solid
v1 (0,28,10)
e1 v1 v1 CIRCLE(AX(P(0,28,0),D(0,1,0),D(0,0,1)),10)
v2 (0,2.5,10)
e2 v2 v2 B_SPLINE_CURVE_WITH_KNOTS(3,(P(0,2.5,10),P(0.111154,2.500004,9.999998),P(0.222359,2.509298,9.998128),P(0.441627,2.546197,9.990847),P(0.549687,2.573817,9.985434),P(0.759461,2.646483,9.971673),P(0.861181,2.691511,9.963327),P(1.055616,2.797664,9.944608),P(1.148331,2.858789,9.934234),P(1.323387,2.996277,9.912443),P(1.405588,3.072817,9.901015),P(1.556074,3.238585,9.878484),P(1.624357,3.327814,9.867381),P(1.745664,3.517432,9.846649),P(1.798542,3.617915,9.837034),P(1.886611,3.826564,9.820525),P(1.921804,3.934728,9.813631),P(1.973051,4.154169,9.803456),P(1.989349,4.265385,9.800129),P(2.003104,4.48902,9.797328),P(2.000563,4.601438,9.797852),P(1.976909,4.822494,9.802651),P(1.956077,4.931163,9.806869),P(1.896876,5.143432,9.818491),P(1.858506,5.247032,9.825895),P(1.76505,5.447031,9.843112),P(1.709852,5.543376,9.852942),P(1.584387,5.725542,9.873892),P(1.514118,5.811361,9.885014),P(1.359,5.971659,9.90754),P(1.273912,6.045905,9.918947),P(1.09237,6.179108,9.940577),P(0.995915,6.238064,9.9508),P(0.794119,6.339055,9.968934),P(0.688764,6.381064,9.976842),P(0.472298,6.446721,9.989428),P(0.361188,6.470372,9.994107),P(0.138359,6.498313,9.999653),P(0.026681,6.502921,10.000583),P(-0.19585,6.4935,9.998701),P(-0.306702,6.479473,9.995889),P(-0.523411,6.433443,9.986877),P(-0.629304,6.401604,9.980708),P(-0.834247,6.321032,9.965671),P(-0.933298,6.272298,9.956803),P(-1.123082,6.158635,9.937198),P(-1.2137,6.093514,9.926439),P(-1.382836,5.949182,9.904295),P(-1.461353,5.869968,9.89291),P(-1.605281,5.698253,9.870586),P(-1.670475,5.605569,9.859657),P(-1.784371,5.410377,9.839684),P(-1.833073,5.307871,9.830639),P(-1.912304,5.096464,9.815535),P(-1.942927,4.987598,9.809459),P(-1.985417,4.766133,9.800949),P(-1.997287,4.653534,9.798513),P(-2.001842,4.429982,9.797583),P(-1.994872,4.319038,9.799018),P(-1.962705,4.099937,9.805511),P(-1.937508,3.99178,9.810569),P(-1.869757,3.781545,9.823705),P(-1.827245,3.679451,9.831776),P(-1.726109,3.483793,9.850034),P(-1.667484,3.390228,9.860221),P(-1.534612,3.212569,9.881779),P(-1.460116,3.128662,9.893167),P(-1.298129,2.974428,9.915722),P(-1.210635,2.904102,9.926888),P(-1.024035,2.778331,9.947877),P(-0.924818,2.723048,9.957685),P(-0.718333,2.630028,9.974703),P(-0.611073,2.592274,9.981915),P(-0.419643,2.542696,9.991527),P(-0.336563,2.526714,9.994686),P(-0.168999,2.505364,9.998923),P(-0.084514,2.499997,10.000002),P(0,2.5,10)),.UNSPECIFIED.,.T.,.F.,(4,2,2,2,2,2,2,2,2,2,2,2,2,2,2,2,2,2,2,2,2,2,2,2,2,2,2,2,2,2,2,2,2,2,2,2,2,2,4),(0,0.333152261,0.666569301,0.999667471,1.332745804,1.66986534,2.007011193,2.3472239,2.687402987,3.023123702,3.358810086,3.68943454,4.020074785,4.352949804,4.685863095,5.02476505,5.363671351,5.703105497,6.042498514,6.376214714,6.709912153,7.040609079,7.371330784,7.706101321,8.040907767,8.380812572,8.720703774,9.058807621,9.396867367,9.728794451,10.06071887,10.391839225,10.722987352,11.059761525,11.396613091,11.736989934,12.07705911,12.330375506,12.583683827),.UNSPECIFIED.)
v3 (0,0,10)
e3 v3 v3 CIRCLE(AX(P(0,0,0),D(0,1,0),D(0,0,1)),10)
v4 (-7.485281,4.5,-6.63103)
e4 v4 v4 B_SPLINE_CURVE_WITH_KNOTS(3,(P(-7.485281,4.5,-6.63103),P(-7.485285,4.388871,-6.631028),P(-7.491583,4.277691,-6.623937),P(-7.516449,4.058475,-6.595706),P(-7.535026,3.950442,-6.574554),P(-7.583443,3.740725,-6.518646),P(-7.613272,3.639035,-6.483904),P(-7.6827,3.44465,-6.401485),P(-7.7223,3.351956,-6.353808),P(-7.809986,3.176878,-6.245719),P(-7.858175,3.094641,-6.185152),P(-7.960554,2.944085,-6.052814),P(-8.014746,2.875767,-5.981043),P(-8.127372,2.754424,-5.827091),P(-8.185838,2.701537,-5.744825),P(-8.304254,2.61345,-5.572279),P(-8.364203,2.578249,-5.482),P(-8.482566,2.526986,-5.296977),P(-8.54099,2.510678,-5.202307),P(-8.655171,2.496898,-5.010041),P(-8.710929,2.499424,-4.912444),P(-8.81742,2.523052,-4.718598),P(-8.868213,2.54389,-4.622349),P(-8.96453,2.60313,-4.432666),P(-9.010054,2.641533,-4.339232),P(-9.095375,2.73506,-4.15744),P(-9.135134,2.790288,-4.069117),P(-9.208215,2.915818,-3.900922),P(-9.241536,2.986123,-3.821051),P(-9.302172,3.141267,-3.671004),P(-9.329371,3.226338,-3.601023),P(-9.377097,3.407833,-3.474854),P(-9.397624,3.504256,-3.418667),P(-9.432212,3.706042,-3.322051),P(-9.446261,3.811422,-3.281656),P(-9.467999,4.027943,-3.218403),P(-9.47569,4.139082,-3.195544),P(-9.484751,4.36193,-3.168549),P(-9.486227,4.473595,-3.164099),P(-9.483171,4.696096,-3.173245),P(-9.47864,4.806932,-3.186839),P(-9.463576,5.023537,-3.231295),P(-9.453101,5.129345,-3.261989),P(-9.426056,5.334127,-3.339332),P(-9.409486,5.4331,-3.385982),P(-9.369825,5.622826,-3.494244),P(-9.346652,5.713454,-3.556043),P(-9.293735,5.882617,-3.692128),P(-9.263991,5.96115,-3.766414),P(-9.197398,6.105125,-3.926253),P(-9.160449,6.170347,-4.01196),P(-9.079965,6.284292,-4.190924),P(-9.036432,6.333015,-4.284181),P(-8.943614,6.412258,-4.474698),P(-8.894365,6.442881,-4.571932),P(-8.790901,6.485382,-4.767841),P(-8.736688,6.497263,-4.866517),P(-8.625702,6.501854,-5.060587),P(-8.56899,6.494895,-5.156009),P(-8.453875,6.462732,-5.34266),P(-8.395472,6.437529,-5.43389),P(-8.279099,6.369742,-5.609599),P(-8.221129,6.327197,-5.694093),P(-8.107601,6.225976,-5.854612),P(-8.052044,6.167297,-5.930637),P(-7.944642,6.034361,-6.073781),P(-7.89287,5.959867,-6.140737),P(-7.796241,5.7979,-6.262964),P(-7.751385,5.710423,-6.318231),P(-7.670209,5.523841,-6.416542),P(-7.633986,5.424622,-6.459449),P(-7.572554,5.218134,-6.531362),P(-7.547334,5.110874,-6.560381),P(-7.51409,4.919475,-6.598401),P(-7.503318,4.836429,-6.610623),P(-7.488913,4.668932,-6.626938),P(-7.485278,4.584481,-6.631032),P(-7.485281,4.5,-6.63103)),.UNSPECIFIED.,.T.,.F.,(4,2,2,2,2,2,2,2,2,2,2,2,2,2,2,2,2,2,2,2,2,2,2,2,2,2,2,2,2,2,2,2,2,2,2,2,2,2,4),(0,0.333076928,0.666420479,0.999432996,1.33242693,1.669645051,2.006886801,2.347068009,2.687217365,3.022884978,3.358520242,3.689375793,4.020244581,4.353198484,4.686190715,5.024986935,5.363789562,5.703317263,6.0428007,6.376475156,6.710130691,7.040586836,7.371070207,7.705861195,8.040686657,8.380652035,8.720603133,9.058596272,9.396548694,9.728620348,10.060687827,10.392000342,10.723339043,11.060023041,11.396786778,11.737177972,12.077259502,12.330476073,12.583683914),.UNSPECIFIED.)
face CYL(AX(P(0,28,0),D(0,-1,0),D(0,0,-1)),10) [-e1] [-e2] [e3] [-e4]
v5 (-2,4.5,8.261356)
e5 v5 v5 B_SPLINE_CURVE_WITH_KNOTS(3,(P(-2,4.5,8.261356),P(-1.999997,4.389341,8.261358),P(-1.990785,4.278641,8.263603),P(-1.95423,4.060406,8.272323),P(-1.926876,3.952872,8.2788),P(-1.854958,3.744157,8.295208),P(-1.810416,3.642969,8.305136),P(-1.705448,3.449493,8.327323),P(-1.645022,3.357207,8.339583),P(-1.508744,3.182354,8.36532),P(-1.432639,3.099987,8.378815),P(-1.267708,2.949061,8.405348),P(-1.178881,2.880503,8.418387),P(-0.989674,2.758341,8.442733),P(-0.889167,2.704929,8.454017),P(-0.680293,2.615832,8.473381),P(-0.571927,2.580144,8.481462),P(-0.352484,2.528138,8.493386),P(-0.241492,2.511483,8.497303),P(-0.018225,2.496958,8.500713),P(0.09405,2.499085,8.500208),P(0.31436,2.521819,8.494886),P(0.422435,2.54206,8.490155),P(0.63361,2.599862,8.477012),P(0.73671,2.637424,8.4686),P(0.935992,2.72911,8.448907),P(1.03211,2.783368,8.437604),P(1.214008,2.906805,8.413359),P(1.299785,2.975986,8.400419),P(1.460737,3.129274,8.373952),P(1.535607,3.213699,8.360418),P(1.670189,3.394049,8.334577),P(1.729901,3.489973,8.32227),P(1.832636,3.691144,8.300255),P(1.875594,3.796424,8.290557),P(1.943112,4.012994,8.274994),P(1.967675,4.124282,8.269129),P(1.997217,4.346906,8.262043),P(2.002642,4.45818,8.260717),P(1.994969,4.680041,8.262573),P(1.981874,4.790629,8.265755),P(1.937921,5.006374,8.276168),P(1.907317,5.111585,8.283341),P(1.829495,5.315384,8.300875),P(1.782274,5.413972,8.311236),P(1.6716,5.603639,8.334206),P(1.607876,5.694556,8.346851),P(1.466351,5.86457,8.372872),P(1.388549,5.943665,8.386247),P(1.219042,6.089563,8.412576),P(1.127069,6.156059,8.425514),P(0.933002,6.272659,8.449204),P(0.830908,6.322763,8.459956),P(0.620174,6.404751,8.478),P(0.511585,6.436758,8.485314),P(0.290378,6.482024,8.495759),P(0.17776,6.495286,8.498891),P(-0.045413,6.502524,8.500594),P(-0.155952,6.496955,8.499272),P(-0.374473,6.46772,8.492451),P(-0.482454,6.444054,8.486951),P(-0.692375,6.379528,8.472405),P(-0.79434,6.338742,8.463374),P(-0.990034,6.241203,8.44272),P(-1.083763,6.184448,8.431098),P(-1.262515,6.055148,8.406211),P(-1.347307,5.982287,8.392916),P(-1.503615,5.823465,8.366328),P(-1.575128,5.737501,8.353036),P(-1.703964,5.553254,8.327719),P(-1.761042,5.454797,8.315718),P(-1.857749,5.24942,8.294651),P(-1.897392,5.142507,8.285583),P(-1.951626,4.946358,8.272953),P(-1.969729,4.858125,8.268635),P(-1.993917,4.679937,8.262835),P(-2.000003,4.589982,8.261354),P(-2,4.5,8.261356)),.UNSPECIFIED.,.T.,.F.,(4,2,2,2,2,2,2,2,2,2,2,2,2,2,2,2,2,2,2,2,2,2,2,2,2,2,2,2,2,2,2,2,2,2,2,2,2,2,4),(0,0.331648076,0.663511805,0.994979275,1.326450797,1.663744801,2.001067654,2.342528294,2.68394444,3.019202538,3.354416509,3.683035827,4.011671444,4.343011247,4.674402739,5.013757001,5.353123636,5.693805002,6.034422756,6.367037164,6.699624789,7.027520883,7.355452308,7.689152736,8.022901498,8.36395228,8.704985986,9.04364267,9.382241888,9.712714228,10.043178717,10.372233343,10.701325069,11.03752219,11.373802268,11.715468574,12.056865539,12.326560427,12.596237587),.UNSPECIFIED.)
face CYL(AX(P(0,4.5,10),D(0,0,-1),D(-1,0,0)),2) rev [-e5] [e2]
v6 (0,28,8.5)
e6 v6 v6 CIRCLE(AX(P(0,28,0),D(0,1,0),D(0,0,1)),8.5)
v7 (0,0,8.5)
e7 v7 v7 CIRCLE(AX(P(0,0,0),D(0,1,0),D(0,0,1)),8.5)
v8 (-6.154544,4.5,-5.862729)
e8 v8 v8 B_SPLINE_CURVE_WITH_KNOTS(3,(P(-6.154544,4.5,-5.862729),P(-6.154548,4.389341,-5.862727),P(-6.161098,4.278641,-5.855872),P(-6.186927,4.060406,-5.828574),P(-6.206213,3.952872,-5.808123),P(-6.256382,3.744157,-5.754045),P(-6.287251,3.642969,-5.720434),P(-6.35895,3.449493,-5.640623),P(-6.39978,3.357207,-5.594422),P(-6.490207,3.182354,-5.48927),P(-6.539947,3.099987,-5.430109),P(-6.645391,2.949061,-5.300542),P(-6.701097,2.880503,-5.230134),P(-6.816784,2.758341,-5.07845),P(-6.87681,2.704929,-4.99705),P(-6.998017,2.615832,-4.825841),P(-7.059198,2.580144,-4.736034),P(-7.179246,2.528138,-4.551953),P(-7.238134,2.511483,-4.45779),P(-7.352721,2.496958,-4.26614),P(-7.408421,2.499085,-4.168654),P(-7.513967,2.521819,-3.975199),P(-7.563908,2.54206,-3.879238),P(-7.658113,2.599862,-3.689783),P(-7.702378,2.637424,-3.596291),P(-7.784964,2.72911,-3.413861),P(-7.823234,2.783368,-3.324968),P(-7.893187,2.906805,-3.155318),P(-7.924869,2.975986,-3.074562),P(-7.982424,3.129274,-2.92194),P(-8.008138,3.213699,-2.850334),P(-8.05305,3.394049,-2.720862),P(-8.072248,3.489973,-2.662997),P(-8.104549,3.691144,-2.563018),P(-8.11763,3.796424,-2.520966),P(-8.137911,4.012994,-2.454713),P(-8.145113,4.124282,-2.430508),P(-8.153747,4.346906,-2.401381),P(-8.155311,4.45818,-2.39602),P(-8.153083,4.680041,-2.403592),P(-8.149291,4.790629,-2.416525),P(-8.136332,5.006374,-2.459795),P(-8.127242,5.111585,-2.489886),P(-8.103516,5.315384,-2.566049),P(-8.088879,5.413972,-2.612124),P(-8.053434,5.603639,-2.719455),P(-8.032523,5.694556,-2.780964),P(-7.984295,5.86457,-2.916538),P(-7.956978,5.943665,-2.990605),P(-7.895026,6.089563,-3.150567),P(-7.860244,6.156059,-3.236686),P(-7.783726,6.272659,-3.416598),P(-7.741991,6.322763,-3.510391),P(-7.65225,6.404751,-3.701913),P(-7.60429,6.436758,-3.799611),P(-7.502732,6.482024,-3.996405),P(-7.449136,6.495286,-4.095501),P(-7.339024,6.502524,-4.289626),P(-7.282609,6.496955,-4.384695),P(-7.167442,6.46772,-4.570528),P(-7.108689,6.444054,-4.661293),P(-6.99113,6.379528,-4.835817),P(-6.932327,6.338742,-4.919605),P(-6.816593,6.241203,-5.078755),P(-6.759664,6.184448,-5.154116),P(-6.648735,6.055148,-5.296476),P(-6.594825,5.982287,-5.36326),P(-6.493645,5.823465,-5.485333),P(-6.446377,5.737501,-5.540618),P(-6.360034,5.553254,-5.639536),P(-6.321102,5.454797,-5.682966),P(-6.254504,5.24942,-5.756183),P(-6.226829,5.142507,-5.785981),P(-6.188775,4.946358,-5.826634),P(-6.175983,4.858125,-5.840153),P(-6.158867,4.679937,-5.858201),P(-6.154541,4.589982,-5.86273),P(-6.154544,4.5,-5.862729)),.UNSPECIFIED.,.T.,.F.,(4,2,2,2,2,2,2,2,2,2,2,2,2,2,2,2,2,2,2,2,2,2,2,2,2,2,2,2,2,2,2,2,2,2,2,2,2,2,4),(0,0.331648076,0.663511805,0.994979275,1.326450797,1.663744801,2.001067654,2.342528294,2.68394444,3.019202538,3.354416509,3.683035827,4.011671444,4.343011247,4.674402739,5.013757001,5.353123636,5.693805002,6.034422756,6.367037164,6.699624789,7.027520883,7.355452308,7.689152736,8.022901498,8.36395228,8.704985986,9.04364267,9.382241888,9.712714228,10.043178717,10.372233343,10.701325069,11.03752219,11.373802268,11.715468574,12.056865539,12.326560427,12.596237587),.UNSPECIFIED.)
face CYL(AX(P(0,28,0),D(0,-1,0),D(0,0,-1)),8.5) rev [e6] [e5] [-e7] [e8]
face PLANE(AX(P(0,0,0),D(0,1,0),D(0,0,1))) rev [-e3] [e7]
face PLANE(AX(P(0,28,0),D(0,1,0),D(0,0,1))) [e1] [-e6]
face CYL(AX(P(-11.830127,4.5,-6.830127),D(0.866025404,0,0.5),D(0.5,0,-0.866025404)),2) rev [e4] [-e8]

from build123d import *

# Parameters (mm, degrees)
SKETCH_1_R               = 10
SKETCH_1_R_2             = 8.5
EXTRUDE_325_DEPTH        = 28
SKETCH_2_R               = 2
CUT_EXTRUDE_1_DEPTH      = 32.368774283
PATTERN_CIRCULAR_1_COUNT = 2
PATTERN_CIRCULAR_1_ANGLE = 120


with BuildPart() as part:
    # Эскиз1 → Extrude 325 (new body)
    with BuildSketch(Plane(origin=(0, 0, 0), x_dir=(1, 0, 0), z_dir=(0, 1, 0))):
        with Locations(Location((0, 0, 0), (0, 0, 270))):
            Circle(SKETCH_1_R)
        with Locations(Location((0, 0, 0), (0, 0, 270))):
            Circle(SKETCH_1_R_2, mode=Mode.SUBTRACT)
    extrude(amount=EXTRUDE_325_DEPTH)

    # Эскиз2 → отверстие чтоб прикрутиться 1 (cut, through all)
    with BuildSketch(Plane.XY):
        with Locations(Location((0, 4.5, 0), (0, 0, 269.999999945))):
            Circle(SKETCH_2_R)
    cut_extrude_1 = extrude(amount=CUT_EXTRUDE_1_DEPTH, mode=Mode.SUBTRACT)

    # Круговой массив1: отверстие чтоб прикрутиться 1 ×2 about axis
    pattern_circular_1_axis = Axis((0, 28, 0), (0, -1, 0))
    for i in range(1, PATTERN_CIRCULAR_1_COUNT):
        add(cut_extrude_1.rotate(pattern_circular_1_axis, i * PATTERN_CIRCULAR_1_ANGLE / (PATTERN_CIRCULAR_1_COUNT - 1)), mode=Mode.SUBTRACT)


solid = part.part
